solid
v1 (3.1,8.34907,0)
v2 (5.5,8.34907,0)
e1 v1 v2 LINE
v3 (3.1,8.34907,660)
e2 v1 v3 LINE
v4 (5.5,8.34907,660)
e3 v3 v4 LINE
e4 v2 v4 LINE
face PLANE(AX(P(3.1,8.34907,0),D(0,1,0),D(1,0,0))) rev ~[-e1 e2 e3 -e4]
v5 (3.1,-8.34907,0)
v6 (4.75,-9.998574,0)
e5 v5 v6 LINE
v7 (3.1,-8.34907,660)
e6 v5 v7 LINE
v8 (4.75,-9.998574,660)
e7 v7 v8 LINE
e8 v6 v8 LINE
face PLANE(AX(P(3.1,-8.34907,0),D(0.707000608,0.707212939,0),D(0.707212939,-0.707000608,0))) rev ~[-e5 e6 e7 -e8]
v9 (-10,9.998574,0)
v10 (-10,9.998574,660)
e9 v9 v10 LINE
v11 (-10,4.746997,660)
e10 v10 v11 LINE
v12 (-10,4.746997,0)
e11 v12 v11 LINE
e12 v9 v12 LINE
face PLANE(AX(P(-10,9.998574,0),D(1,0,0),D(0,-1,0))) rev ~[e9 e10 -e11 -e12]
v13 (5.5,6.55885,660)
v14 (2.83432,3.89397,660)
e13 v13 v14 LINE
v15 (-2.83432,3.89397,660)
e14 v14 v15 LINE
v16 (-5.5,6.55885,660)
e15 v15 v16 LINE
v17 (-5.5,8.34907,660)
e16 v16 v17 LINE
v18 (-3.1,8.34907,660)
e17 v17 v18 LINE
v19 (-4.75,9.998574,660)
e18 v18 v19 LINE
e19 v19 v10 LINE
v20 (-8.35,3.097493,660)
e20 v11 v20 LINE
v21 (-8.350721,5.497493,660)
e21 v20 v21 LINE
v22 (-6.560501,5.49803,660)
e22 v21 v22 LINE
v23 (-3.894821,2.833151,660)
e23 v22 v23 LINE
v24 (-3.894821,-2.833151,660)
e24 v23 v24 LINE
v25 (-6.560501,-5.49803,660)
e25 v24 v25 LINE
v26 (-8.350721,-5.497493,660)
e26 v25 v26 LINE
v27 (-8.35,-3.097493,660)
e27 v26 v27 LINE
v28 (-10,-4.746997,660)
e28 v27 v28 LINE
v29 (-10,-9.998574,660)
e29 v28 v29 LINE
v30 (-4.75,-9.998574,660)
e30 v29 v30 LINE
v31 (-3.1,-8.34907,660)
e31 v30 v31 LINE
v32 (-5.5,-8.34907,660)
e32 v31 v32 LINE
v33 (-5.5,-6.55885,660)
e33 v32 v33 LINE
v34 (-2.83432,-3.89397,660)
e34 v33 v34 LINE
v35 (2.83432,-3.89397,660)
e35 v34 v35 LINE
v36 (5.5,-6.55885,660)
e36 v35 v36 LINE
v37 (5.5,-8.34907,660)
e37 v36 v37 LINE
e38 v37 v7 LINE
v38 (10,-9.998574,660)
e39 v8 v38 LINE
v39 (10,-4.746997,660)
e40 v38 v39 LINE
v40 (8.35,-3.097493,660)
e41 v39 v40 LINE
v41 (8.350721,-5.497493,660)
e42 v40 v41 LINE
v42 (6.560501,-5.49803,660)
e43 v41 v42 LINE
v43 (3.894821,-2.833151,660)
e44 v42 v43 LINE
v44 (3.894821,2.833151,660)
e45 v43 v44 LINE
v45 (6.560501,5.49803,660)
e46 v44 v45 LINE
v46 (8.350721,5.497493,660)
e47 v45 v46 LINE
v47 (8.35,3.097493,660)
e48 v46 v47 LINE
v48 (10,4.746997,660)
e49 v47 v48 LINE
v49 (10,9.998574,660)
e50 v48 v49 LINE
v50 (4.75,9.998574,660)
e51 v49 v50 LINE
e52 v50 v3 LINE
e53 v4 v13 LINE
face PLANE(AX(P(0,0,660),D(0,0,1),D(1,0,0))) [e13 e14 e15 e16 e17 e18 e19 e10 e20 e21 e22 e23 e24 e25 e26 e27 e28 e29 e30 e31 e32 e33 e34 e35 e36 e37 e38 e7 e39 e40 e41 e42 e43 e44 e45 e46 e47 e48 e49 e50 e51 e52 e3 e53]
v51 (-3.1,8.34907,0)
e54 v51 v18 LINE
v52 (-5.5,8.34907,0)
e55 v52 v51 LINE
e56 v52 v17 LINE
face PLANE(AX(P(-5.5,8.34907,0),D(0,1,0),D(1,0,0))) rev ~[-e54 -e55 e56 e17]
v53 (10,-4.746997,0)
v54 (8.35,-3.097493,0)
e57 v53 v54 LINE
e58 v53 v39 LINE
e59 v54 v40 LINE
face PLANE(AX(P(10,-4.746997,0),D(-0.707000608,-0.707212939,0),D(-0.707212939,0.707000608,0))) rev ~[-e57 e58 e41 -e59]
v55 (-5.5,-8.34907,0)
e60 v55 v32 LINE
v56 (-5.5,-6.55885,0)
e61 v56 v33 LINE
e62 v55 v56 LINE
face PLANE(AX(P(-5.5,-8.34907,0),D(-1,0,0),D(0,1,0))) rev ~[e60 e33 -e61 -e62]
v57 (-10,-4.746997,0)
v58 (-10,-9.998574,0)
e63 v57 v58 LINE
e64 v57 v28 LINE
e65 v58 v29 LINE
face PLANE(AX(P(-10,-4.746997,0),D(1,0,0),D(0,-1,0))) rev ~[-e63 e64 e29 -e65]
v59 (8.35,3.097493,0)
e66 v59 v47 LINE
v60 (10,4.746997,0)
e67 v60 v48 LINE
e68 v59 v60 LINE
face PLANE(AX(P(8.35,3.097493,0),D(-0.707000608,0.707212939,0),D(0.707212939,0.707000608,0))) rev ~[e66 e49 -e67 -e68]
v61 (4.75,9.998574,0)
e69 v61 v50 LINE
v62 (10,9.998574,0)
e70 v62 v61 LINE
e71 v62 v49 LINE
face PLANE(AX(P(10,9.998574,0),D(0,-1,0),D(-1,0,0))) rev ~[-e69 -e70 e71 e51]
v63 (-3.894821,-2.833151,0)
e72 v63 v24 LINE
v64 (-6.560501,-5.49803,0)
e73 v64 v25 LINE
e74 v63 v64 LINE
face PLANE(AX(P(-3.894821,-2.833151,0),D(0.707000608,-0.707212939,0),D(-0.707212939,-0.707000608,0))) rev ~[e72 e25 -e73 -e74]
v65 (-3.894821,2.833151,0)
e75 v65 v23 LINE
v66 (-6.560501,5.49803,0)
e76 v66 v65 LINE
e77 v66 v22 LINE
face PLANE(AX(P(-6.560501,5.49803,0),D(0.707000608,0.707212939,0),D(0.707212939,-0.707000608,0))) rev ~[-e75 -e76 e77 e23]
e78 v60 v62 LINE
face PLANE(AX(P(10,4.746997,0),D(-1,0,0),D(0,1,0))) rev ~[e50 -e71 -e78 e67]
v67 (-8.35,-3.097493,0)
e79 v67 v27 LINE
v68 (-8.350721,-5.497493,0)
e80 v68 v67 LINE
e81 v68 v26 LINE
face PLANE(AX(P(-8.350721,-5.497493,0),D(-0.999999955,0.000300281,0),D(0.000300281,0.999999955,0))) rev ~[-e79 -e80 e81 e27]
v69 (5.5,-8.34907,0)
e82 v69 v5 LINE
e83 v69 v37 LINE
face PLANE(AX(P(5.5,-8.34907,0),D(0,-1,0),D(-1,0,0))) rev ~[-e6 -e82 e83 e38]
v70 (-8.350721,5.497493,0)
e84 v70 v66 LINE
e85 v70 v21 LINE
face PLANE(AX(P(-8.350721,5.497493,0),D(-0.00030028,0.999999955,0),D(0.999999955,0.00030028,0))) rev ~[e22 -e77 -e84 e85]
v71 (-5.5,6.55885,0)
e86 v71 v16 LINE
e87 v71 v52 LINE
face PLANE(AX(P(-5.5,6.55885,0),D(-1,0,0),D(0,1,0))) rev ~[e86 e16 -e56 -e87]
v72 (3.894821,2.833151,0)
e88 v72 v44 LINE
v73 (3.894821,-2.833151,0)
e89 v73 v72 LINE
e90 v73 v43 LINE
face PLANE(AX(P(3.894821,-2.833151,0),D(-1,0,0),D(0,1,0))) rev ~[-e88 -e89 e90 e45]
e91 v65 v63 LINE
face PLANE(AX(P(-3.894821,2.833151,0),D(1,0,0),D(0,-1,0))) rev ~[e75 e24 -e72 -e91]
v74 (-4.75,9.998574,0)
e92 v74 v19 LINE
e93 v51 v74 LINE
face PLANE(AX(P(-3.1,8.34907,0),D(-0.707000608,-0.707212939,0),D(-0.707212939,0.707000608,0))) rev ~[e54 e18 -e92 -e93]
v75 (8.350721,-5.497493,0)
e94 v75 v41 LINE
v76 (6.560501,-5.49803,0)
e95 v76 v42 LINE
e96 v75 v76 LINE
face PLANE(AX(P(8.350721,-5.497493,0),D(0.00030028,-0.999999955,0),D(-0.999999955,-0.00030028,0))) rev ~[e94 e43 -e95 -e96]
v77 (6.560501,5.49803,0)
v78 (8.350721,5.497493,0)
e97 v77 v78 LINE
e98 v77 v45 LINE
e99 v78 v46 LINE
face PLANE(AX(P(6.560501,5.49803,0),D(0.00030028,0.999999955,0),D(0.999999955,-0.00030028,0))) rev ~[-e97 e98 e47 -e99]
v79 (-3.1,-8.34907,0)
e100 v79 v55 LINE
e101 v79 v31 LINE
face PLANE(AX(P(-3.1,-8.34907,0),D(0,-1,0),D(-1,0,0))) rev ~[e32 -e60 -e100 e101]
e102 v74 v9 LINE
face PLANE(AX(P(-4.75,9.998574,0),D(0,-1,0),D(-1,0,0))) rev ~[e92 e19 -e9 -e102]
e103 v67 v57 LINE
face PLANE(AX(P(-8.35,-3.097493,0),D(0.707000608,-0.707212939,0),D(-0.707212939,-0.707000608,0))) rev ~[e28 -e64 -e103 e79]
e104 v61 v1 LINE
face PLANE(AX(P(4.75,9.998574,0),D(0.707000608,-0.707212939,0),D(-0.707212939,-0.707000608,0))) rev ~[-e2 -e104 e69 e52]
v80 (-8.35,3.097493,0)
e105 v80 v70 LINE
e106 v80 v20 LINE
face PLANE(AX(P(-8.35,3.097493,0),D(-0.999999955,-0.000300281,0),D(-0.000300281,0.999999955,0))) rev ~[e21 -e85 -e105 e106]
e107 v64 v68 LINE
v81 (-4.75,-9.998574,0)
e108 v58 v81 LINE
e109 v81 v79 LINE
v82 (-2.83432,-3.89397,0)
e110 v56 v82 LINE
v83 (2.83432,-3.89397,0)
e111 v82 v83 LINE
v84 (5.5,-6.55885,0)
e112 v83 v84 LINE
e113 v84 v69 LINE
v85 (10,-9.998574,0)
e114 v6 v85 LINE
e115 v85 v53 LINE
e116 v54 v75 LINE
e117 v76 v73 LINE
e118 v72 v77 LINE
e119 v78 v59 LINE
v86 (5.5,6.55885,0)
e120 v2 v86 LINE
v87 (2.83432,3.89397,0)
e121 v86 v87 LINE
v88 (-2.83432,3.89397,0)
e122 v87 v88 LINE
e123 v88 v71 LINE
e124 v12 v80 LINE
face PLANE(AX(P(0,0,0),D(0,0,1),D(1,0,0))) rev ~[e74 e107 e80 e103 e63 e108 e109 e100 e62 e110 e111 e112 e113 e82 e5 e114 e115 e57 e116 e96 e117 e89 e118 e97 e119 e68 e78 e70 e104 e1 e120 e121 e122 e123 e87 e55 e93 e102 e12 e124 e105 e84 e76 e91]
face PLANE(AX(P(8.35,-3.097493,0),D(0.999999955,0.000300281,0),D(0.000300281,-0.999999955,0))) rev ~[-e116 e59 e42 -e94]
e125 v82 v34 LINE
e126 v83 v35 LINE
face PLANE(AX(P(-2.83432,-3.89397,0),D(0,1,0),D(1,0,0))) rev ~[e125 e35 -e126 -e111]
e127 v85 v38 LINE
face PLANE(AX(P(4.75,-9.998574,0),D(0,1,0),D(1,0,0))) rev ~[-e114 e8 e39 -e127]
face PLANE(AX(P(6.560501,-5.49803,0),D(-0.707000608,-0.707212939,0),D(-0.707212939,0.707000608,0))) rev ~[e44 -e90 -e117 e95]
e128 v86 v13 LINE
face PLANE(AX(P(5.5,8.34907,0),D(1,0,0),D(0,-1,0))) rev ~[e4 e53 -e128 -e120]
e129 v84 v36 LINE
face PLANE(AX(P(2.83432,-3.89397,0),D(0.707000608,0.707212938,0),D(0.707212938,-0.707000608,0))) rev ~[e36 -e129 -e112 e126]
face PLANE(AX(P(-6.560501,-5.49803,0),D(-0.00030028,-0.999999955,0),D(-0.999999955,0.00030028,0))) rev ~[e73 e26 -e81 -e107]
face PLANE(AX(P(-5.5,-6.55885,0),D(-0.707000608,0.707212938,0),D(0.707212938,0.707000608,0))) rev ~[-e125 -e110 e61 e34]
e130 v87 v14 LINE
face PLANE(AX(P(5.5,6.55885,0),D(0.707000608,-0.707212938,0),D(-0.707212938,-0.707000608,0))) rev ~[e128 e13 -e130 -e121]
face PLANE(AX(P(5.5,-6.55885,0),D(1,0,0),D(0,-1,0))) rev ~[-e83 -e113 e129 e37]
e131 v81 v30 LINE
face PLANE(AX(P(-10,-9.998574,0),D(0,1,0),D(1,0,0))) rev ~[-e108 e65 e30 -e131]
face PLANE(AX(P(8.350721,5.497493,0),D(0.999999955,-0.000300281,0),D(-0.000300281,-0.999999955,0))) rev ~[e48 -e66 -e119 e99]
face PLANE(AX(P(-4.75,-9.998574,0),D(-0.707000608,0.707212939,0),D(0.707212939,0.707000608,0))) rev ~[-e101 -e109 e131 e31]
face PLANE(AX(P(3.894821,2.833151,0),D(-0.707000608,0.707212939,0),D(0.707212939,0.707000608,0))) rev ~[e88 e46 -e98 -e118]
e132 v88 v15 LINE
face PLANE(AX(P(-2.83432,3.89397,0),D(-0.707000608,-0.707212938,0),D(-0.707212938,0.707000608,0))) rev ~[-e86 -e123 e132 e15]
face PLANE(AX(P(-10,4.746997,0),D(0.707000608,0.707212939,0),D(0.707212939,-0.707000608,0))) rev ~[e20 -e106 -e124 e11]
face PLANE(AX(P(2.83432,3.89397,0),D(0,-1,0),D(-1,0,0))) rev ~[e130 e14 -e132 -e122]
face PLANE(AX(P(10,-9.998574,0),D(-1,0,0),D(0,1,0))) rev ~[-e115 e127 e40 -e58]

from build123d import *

# Parameters (mm, degrees)
BOSS_EXTRUDE1_DEPTH = 660


with BuildPart() as part:
    # Sketch1 → Boss-Extrude1 (new body)
    with BuildSketch(Plane.XY):
        Polygon((2.834320347, 3.893970342), (-2.834320347, 3.893970342), (-5.5, 6.558849663), (-5.5, 8.349069506), (-3.1, 8.349069506), (-4.75, 9.998574117), (-10, 9.998574117), (-10, 4.746997406), (-8.35, 3.097492795), (-8.350720674, 5.497492687), (-6.560500912, 5.498030255), (-3.894821259, 2.833150935), (-3.894821259, -2.833150935), (-6.560500912, -5.498030255), (-8.350720674, -5.497492687), (-8.35, -3.097492795), (-10, -4.746997406), (-10, -9.998574117), (-4.75, -9.998574117), (-3.1, -8.349069506), (-5.5, -8.349069506), (-5.5, -6.558849663), (-2.834320347, -3.893970342), (2.834320347, -3.893970342), (5.5, -6.558849663), (5.5, -8.349069506), (3.1, -8.349069506), (4.75, -9.998574117), (10, -9.998574117), (10, -4.746997406), (8.35, -3.097492795), (8.350720674, -5.497492687), (6.560500912, -5.498030255), (3.894821259, -2.833150935), (3.894821259, 2.833150935), (6.560500912, 5.498030255), (8.350720674, 5.497492687), (8.35, 3.097492795), (10, 4.746997406), (10, 9.998574117), (4.75, 9.998574117), (3.1, 8.349069506), (5.5, 8.349069506), (5.5, 6.558849663), align=None)
    extrude(amount=BOSS_EXTRUDE1_DEPTH)


solid = part.part
